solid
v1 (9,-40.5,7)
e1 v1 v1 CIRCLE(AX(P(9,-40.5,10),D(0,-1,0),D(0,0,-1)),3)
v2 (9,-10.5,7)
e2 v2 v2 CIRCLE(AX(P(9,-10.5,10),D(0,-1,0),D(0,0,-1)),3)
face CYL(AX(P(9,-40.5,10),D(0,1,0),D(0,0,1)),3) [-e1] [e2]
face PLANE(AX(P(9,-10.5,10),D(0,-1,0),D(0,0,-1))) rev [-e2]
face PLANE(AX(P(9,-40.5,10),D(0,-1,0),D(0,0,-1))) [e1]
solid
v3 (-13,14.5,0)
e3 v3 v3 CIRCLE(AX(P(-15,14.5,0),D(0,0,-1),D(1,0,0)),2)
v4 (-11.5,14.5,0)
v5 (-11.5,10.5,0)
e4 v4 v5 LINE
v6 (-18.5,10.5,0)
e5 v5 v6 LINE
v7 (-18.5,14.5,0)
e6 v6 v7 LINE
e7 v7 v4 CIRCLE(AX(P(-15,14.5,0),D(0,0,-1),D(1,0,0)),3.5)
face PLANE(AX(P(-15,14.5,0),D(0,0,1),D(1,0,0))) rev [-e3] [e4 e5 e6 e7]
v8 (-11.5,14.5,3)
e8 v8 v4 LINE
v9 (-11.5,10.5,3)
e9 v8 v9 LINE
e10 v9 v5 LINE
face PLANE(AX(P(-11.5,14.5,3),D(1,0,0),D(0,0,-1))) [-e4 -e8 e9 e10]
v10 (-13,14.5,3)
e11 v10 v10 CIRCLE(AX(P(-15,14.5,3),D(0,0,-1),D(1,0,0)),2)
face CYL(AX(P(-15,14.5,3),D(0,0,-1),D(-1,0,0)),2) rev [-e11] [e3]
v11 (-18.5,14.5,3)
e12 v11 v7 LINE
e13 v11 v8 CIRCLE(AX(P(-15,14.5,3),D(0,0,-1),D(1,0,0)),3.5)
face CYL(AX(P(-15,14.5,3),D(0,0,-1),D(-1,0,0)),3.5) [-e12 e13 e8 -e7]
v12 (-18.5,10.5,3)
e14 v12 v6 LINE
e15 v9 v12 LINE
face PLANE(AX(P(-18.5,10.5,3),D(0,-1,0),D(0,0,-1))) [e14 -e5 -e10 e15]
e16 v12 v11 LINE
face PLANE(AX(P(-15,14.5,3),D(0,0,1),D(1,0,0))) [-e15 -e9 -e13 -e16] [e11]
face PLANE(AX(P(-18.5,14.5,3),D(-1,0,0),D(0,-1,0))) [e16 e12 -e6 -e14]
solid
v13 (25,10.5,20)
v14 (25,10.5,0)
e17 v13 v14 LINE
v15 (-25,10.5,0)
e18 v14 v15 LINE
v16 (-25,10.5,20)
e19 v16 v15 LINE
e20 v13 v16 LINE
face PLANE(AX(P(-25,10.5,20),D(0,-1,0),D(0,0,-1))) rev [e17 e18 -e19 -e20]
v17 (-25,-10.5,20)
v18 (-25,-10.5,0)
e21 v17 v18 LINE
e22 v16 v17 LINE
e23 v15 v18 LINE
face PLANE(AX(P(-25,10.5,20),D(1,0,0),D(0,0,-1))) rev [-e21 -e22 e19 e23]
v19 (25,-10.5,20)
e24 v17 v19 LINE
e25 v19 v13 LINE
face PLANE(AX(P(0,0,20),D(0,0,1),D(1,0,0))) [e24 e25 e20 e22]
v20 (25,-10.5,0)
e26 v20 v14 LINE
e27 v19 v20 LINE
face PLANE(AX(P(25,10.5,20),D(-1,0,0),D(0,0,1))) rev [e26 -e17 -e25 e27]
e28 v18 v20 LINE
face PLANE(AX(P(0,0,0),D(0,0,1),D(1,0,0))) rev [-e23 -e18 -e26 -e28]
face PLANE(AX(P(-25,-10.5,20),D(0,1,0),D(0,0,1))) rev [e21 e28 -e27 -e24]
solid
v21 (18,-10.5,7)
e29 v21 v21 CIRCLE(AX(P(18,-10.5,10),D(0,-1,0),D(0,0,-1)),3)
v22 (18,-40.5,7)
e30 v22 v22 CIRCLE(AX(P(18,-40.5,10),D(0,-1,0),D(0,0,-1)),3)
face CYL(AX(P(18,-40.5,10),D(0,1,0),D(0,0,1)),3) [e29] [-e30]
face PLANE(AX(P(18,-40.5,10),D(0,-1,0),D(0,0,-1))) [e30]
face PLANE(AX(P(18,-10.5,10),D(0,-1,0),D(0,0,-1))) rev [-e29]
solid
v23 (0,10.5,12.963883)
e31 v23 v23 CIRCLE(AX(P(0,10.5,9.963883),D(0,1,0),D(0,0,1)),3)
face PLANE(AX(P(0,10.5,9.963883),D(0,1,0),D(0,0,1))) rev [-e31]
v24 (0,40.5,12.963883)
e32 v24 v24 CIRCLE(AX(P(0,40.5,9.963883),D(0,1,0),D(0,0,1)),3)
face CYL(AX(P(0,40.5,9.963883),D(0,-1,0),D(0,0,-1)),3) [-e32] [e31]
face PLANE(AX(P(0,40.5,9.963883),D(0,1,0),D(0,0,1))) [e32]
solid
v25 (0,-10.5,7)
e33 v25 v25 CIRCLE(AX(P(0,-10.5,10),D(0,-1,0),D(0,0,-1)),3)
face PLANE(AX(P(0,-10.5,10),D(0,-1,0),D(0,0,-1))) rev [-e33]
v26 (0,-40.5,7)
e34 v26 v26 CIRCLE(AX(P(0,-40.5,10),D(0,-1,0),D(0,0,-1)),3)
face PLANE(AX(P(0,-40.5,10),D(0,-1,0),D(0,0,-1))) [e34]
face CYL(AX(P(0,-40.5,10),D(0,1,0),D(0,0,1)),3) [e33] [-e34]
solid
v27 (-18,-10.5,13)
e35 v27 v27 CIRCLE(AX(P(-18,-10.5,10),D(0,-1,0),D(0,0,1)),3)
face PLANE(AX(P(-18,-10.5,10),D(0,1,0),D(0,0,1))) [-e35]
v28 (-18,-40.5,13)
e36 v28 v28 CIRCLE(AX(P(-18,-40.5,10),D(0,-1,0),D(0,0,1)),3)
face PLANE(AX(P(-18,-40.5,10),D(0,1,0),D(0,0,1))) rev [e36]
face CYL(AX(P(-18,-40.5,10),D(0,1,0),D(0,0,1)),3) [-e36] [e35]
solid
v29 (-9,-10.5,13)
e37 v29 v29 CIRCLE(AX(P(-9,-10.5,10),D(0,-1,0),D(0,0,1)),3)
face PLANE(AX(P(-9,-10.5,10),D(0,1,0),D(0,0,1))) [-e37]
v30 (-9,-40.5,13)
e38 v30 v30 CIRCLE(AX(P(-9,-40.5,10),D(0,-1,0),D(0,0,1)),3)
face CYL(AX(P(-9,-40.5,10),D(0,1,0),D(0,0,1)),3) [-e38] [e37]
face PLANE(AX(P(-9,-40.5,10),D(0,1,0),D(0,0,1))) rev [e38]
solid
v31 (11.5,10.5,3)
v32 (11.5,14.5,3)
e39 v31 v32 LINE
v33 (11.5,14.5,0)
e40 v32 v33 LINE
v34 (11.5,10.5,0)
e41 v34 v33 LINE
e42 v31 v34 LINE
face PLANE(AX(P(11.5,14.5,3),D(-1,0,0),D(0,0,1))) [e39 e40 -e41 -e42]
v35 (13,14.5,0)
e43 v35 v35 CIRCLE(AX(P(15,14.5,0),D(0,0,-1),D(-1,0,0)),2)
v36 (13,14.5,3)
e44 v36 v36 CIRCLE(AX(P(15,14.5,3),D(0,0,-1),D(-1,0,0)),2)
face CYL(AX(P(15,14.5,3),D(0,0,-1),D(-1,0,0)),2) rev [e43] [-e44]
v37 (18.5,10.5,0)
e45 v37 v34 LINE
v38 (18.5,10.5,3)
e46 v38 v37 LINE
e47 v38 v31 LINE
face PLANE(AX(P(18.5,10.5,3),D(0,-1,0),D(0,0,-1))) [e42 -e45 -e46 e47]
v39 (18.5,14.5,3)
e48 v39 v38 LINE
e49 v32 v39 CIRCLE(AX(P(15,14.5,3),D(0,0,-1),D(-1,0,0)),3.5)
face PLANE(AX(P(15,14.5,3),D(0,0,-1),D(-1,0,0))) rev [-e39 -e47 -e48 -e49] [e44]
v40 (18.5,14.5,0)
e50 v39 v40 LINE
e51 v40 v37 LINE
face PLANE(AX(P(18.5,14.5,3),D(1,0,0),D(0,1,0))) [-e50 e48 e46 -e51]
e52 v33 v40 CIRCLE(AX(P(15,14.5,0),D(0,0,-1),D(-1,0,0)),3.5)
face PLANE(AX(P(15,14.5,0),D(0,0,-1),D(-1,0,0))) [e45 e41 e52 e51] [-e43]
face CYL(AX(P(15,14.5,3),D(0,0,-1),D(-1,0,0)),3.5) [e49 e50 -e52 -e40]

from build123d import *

# Parameters (mm, degrees)
SKETCH_1_W        = 50
SKETCH_1_H        = 21
EXTRUDE_1_DEPTH   = 20
SKETCH_2_R        = 3
EXTRUDE_2_DEPTH   = 30
EXTRUDE_2_2_DEPTH = 30
EXTRUDE_2_3_DEPTH = 30
EXTRUDE_2_4_DEPTH = 30
EXTRUDE_2_5_DEPTH = 30
SKETCH_3_R        = 3
EXTRUDE_3_DEPTH   = 30
SKETCH_4_R        = 2
EXTRUDE_4_DEPTH   = 3
EXTRUDE_4_2_DEPTH = 3


with BuildPart() as part:
    # 草图1 → 凸台-拉伸1 (new body)
    with BuildSketch(Plane.XY):
        Rectangle(SKETCH_1_W, SKETCH_1_H)
    extrude(amount=EXTRUDE_1_DEPTH)


with BuildPart() as body_2:
    # 草图2 → 凸台-拉伸2 (new body)
    with BuildSketch(Plane.XZ.offset(10.5)):
        with Locations(Location((0, 10, 0), (0, 0, 270))):
            Circle(SKETCH_2_R)
    extrude(amount=EXTRUDE_2_DEPTH)


with BuildPart() as body_3:
    # 草图2 → Extrude 2 2 (new body)
    with BuildSketch(Plane.XZ.offset(10.5)):
        with Locations(Location((9, 10, 0), (0, 0, 270))):
            Circle(SKETCH_2_R)
    extrude(amount=EXTRUDE_2_2_DEPTH)


with BuildPart() as body_4:
    # 草图2 → Extrude 2 3 (new body)
    with BuildSketch(Plane.XZ.offset(10.5)):
        with Locations(Location((18, 10, 0), (0, 0, 270))):
            Circle(SKETCH_2_R)
    extrude(amount=EXTRUDE_2_3_DEPTH)


with BuildPart() as body_5:
    # 草图2 → Extrude 2 4 (new body)
    with BuildSketch(Plane.XZ.offset(10.5)):
        with Locations(Location((-18, 10, 0), (0, 0, 90))):
            Circle(SKETCH_2_R)
    extrude(amount=EXTRUDE_2_4_DEPTH)


with BuildPart() as body_6:
    # 草图2 → Extrude 2 5 (new body)
    with BuildSketch(Plane.XZ.offset(10.5)):
        with Locations(Location((-9, 10, 0), (0, 0, 90))):
            Circle(SKETCH_2_R)
    extrude(amount=EXTRUDE_2_5_DEPTH)


with BuildPart() as body_7:
    # 草图3 → 凸台-拉伸3 (new body)
    with BuildSketch(Plane(origin=(0, 10.5, 0), x_dir=(1, 0, 0), z_dir=(0, 1, 0))):
        with Locations(Location((0, -9.963882653, 0), (0, 0, 270))):
            Circle(SKETCH_3_R)
    extrude(amount=EXTRUDE_3_DEPTH)


with BuildPart() as body_8:
    # 草图4 → 凸台-拉伸4 (new body)
    with BuildSketch(Plane(origin=(0, 0, 0), x_dir=(-1, 0, 0), z_dir=(0, 0, -1))):
        with BuildLine():
            Line((-18.5, 14.5), (-18.5, 10.5))
            Line((-18.5, 10.5), (-11.5, 10.5))
            Line((-11.5, 10.5), (-11.5, 14.5))
            ThreePointArc((-11.5, 14.5), (-15, 18), (-18.5, 14.5))
        make_face()
        with Locations((-15, 14.5)):
            Circle(SKETCH_4_R, mode=Mode.SUBTRACT)
    extrude(amount=-EXTRUDE_4_DEPTH)


with BuildPart() as body_9:
    # 草图4 → Extrude 4 2 (new body)
    with BuildSketch(Plane(origin=(0, 0, 0), x_dir=(-1, 0, 0), z_dir=(0, 0, -1))):
        with BuildLine():
            Line((18.5, 10.5), (11.5, 10.5))
            Line((11.5, 10.5), (11.5, 14.5))
            ThreePointArc((11.5, 14.5), (15, 18), (18.5, 14.5))
            Line((18.5, 14.5), (18.5, 10.5))
        make_face()
        with Locations(Location((15, 14.5, 0), (0, 0, 180))):
            Circle(SKETCH_4_R, mode=Mode.SUBTRACT)
    extrude(amount=-EXTRUDE_4_2_DEPTH)


solid = Compound([part.part, body_2.part, body_3.part, body_4.part, body_5.part, body_6.part, body_7.part, body_8.part, body_9.part])
